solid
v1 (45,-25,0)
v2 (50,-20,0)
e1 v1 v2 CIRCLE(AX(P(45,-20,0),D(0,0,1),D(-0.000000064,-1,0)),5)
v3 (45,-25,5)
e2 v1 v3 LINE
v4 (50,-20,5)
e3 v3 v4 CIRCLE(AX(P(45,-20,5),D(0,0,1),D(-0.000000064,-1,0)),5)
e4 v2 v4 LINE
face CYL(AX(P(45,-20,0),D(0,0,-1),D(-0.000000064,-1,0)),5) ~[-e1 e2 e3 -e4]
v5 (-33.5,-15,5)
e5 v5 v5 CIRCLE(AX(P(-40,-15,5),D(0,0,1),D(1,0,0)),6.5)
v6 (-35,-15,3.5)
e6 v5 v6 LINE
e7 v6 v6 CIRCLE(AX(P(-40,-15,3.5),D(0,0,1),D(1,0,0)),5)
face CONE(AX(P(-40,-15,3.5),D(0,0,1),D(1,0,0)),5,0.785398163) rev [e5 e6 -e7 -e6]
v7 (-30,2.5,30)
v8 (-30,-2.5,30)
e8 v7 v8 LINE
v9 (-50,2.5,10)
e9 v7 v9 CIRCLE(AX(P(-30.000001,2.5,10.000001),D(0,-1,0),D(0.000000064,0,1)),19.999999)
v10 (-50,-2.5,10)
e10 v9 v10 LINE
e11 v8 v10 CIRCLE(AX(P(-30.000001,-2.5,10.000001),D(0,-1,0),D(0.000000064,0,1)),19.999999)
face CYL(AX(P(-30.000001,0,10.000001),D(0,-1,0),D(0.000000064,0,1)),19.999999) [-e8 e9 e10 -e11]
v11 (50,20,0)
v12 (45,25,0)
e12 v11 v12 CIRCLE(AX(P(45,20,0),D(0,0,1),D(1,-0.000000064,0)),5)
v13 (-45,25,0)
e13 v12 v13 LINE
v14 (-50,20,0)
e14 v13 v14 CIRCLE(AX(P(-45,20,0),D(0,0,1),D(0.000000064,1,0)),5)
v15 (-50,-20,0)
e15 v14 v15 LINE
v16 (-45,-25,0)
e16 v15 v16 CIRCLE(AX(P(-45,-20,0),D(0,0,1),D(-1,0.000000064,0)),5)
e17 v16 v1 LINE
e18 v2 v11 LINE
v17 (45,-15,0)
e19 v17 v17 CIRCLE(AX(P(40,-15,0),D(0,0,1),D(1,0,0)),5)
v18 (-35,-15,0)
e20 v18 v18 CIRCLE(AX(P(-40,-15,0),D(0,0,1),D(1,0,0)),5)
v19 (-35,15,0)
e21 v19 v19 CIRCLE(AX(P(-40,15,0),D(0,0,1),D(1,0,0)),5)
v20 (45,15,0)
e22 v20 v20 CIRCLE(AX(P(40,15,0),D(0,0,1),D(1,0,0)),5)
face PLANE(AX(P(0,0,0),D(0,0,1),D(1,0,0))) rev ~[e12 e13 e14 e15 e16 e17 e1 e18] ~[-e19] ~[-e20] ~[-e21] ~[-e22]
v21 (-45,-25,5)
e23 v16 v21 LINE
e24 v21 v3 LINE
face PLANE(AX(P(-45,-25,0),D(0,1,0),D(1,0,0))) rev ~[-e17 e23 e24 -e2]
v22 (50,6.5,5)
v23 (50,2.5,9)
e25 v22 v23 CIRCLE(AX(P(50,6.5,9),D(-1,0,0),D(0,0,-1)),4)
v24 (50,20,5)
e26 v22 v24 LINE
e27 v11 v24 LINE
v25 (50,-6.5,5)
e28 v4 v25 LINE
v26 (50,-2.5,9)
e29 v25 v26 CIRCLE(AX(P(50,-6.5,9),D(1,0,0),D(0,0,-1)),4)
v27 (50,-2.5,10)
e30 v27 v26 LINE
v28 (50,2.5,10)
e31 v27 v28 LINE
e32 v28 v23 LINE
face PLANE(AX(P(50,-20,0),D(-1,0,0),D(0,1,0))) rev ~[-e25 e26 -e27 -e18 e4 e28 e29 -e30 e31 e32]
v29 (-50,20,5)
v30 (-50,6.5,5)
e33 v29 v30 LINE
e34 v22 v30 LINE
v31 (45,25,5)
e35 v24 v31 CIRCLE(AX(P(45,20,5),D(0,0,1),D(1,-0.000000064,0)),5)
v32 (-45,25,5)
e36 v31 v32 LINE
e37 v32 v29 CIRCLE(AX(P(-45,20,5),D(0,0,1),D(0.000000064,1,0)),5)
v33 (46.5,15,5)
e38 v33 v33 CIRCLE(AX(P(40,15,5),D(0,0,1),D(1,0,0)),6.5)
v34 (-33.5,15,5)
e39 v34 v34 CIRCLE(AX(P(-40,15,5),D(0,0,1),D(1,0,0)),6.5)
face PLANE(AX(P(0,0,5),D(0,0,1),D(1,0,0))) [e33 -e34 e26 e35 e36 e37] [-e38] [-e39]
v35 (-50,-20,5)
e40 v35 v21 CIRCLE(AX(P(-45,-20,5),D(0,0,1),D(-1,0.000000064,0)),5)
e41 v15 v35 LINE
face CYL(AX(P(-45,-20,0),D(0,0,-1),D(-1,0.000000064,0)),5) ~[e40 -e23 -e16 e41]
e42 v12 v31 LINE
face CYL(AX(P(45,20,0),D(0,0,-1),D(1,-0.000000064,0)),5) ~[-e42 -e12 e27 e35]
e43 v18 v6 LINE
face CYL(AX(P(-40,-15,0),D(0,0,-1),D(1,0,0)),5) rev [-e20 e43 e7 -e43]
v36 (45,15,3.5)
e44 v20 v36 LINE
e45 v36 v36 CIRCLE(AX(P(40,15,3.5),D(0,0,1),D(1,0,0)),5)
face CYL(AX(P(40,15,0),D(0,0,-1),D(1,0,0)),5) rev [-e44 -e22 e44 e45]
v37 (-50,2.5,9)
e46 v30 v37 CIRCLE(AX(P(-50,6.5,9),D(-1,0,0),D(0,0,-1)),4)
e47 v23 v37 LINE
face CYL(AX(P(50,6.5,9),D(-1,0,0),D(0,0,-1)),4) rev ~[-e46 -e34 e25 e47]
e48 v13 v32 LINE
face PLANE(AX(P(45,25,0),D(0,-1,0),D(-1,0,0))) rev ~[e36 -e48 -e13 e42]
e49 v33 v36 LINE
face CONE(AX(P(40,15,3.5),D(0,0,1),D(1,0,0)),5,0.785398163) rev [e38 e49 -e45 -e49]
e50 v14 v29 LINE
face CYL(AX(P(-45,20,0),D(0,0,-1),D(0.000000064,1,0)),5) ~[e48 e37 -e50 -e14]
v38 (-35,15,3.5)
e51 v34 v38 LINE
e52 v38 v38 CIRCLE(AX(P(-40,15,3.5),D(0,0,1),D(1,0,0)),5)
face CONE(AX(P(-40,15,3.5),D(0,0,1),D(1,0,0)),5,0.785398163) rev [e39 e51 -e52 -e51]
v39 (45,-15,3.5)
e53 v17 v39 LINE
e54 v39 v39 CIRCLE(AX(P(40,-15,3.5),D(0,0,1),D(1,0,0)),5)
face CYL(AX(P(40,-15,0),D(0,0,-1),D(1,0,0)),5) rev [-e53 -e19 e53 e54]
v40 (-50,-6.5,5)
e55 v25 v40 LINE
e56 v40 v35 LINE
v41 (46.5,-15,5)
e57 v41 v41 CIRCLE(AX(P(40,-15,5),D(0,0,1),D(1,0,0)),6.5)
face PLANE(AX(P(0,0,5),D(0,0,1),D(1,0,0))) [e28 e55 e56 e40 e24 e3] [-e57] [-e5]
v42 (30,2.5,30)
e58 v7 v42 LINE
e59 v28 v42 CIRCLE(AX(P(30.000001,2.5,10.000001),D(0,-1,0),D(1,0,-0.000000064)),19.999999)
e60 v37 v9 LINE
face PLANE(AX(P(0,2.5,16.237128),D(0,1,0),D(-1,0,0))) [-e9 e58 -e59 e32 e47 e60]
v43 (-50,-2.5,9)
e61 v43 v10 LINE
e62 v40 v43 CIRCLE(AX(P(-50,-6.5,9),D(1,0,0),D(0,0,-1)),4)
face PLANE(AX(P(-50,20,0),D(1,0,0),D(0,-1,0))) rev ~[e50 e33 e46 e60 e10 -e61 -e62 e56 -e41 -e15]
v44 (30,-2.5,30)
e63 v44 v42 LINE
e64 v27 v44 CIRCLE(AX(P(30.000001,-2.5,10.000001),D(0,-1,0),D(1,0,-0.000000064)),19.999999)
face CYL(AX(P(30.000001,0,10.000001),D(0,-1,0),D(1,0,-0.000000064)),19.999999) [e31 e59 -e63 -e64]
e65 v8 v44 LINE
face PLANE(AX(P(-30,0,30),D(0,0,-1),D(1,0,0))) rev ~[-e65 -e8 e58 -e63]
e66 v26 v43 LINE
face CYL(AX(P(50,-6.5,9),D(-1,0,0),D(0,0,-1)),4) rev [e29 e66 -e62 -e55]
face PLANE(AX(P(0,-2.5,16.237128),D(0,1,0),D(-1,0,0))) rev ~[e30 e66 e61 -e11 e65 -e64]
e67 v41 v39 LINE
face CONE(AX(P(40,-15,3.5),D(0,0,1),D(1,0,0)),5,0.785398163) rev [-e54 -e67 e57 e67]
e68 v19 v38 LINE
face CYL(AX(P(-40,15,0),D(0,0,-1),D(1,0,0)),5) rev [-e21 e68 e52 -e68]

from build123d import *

# Parameters (mm, degrees)
SKETCH_R     = 5
PAD_DEPTH    = 5
PAD001_DEPTH = 2.5
FILLET_R     = 4
CHAMFER_SIZE = 1.5


with BuildPart() as part:
    # Sketch → Pad (new body)
    with BuildSketch(Plane.XY):
        with BuildLine():
            Line((-50, 20), (-50, -20))
            ThreePointArc((-50, -20), (-48.535534, -23.535534), (-45, -25))
            Line((-45, -25), (45, -25))
            ThreePointArc((45, -25), (48.535534, -23.535534), (50, -20))
            Line((50, -20), (50, 20))
            ThreePointArc((50, 20), (48.535534, 23.535534), (45, 25))
            Line((45, 25), (-45, 25))
            ThreePointArc((-45, 25), (-48.535534, 23.535534), (-50, 20))
        make_face()
        with Locations((-40, 15)):
            Circle(SKETCH_R, mode=Mode.SUBTRACT)
        with Locations((-40, -15)):
            Circle(SKETCH_R, mode=Mode.SUBTRACT)
        with Locations((40, -15)):
            Circle(SKETCH_R, mode=Mode.SUBTRACT)
        with Locations((40, 15)):
            Circle(SKETCH_R, mode=Mode.SUBTRACT)
    extrude(amount=PAD_DEPTH)

    # Sketch001 → Pad001 (join, symmetric)
    with BuildSketch(Plane.XZ):
        with BuildLine():
            Line((-30, 30), (30, 30))
            ThreePointArc((50, 10), (44.142136, 24.142136), (30, 30))
            Line((50, 10), (50, 5))
            Line((50, 5), (-50, 5))
            Line((-50, 5), (-50, 10))
            ThreePointArc((-30, 30), (-44.142136, 24.142136), (-50, 10))
        make_face()
    extrude(amount=PAD001_DEPTH, both=True)

    # Fillet
    fillet_edges = [part.edges().sort_by_distance(p)[0] for p in [
        (0, -2.5, 5),
        (0, 2.5, 5),
    ]]
    fillet(fillet_edges, radius=FILLET_R)

    # Chamfer
    chamfer_edges = [part.edges().sort_by_distance(p)[0] for p in [
        (-45, -15, 5),
        (-45, 15, 5),
        (35, 15, 5),
        (35, -15, 5),
    ]]
    chamfer(chamfer_edges, length=CHAMFER_SIZE)


solid = part.part
